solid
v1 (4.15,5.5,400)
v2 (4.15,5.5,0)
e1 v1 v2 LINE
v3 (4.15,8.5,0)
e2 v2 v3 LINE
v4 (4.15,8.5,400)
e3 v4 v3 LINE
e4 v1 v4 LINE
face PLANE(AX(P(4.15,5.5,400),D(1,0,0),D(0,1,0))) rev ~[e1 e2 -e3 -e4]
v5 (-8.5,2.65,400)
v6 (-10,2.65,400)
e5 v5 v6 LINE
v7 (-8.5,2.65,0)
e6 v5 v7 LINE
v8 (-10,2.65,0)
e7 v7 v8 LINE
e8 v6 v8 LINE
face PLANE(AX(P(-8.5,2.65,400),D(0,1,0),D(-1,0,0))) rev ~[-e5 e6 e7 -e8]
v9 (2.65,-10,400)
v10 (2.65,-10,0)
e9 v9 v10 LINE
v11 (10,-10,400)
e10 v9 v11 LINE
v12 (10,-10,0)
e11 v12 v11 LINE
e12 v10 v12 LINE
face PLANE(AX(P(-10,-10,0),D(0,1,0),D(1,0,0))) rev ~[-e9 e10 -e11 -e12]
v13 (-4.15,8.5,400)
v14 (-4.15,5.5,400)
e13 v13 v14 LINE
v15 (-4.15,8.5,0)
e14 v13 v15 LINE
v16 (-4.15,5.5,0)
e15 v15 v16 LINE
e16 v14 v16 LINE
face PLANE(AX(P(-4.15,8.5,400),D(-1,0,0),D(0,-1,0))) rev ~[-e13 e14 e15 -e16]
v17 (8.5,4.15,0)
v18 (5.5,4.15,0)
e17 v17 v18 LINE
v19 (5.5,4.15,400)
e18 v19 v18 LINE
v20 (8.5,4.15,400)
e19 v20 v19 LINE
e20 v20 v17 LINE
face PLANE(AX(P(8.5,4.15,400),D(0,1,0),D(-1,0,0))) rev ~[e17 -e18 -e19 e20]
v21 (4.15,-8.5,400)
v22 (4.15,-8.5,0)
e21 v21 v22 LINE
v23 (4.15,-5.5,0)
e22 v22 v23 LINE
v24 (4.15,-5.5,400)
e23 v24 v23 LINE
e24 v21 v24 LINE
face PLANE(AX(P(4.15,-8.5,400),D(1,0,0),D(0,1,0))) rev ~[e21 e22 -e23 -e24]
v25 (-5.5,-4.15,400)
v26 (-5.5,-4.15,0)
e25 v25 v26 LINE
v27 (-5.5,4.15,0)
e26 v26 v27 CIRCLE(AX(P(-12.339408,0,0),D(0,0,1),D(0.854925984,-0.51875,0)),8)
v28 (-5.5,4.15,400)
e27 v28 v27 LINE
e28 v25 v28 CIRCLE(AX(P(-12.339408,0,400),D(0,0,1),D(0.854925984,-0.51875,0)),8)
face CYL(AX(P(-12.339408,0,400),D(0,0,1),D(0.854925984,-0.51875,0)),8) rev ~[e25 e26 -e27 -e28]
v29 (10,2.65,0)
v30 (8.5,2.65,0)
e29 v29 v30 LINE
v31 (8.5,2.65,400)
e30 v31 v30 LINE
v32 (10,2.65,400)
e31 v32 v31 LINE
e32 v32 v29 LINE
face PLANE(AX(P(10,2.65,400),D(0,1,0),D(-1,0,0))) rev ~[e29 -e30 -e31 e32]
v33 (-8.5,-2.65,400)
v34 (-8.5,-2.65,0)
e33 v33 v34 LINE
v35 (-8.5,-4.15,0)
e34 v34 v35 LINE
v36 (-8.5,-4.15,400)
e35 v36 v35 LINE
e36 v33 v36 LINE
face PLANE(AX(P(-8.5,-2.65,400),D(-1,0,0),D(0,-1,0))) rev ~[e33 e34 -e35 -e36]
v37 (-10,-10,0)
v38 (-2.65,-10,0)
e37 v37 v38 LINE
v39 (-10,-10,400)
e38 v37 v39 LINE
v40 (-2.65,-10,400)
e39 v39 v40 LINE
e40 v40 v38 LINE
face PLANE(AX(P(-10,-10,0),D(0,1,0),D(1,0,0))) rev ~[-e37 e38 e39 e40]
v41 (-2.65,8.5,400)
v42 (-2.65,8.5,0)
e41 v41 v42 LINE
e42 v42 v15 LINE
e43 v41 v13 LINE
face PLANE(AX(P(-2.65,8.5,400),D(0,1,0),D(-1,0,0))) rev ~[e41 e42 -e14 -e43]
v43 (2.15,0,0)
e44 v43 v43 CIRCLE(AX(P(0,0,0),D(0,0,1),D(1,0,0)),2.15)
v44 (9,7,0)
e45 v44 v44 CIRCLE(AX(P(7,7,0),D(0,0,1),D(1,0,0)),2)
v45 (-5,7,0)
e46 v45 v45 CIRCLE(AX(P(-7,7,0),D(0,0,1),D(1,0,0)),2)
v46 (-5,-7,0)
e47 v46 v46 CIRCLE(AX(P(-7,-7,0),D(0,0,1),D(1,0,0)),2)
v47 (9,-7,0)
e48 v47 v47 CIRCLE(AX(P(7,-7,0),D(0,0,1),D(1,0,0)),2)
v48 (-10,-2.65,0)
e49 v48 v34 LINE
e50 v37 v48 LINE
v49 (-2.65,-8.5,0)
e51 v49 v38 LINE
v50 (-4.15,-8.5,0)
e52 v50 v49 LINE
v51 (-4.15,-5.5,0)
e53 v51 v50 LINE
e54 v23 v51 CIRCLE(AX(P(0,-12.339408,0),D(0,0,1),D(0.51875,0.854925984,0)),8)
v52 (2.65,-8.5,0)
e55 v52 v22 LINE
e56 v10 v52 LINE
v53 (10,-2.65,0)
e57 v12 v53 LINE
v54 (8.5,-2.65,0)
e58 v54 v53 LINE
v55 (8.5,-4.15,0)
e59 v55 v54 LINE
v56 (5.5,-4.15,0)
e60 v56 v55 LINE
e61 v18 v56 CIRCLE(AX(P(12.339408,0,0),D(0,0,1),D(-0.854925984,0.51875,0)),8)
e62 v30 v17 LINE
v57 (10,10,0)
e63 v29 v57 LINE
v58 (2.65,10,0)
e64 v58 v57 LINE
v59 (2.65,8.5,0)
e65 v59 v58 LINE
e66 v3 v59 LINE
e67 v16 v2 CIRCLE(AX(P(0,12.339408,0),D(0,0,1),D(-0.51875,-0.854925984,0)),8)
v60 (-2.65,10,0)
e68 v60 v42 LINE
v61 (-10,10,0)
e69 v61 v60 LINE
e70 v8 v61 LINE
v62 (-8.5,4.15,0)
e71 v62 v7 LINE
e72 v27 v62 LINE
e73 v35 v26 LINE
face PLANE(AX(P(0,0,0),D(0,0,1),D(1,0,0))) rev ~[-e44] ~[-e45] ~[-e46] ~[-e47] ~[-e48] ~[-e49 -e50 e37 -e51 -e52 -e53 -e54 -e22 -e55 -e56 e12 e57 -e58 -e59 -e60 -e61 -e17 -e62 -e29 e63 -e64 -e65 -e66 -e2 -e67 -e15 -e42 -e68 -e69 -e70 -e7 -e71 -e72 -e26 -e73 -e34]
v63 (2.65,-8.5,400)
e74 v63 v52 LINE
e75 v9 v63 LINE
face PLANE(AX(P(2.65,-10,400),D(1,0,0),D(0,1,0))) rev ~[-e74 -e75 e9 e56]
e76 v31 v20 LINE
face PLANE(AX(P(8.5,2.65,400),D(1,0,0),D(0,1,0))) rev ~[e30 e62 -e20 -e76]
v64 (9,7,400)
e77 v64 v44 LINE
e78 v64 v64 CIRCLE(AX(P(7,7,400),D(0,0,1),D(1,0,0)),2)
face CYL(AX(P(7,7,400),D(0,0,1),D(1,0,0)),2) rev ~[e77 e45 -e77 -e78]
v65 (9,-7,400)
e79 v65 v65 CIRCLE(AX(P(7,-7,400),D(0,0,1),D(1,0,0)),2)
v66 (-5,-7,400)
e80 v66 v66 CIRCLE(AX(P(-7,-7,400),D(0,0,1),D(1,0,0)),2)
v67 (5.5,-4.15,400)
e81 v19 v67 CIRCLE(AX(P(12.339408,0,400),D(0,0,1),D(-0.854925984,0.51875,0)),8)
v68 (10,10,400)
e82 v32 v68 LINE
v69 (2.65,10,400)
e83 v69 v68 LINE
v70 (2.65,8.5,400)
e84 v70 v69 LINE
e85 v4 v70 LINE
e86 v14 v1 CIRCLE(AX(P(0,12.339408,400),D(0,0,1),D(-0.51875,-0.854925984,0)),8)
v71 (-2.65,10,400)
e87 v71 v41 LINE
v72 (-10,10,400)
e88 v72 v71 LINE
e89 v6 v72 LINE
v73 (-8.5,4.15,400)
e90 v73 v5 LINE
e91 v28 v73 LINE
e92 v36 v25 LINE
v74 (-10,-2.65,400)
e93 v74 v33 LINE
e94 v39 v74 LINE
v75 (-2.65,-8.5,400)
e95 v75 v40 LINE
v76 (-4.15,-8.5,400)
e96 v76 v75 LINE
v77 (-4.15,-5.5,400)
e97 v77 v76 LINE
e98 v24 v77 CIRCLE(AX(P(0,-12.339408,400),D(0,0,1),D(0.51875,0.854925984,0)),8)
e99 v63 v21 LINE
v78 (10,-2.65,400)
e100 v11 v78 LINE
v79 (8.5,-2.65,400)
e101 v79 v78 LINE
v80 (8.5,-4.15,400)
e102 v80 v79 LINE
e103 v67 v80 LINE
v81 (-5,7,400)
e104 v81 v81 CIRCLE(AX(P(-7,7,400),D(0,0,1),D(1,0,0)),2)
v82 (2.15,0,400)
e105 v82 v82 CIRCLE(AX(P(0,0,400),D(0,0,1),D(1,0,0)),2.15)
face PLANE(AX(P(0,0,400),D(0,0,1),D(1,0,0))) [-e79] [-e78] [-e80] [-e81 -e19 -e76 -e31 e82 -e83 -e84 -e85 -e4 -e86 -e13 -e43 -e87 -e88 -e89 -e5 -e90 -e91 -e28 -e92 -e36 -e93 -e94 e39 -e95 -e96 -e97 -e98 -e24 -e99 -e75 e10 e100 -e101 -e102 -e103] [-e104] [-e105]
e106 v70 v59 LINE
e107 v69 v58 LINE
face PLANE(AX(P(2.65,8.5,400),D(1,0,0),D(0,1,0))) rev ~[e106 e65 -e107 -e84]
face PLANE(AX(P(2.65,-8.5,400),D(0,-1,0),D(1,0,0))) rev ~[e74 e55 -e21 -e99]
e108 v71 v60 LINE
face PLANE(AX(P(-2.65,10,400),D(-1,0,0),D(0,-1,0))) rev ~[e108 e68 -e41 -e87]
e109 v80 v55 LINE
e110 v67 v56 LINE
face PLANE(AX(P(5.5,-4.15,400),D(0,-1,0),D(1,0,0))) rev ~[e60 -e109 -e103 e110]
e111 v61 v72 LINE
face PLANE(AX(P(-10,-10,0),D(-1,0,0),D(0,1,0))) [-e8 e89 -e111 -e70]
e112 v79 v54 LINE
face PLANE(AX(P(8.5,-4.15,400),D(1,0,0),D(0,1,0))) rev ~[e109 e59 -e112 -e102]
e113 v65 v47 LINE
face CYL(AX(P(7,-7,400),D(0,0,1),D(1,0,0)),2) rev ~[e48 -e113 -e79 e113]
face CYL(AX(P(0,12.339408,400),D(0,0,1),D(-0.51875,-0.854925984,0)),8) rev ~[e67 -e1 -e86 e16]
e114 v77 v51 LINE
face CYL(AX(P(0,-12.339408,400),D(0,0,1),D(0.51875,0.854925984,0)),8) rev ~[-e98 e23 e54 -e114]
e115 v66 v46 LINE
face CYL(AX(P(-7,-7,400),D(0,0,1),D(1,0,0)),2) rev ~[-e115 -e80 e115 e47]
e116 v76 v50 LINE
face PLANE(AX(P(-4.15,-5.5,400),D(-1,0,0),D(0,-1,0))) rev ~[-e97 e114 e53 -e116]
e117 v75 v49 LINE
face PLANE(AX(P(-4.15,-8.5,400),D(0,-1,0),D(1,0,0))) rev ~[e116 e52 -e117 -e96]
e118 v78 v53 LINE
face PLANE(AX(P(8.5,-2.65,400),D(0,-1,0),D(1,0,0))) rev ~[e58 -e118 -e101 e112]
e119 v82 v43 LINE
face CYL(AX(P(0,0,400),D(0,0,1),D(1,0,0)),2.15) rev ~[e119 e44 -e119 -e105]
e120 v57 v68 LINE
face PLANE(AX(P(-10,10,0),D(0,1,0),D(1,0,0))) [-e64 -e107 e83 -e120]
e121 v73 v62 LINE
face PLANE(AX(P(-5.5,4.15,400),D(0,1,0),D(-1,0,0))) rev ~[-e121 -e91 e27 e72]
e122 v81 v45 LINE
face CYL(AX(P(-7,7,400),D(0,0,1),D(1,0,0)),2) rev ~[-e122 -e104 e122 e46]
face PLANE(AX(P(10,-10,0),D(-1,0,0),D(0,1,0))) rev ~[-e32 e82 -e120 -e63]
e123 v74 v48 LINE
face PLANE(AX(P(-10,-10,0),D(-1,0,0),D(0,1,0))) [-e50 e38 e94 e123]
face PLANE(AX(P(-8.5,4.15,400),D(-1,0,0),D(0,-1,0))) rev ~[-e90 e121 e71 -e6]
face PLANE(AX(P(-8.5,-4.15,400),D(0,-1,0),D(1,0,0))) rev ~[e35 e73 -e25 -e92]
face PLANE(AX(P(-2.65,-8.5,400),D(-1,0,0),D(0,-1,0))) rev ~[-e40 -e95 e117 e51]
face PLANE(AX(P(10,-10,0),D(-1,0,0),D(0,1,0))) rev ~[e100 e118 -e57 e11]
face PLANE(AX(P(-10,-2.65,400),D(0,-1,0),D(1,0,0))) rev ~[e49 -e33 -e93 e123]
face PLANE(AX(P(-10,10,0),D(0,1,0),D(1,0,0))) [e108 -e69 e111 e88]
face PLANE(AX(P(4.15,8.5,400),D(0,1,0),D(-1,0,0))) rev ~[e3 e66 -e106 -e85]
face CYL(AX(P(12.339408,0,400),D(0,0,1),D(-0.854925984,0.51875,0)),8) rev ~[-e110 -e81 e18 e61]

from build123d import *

# Parameters (mm, degrees)
SKETCH_1_W          = 20
SKETCH_1_H          = 20
EXTRUDE_1_DEPTH     = 400
SKETCH_2_R          = 2.15
SKETCH_2_R_2        = 2
CUT_EXTRUDE_1_DEPTH = 401.249921924


with BuildPart() as part:
    # 스케치1 → 보스-돌출1 (new body)
    with BuildSketch(Plane.XY):
        Rectangle(SKETCH_1_W, SKETCH_1_H)
    extrude(amount=EXTRUDE_1_DEPTH)

    # 스케치2 → 컷-돌출1 (cut, through all)
    with BuildSketch(Plane.XY.offset(400)):
        Circle(SKETCH_2_R)
        with Locations((-7, 7)):
            Circle(SKETCH_2_R_2)
        with Locations((7, 7)):
            Circle(SKETCH_2_R_2)
        with Locations((7, -7)):
            Circle(SKETCH_2_R_2)
        with Locations((-7, -7)):
            Circle(SKETCH_2_R_2)
        with BuildLine():
            Line((-2.65, 10), (-2.65, 8.5))
            Line((-2.65, 8.5), (-4.15, 8.5))
            Line((-4.15, 8.5), (-4.15, 5.5))
            ThreePointArc((-4.15, 5.5), (0, 4.339407869), (4.15, 5.5))
            Line((4.15, 5.5), (4.15, 8.5))
            Line((4.15, 8.5), (2.65, 8.5))
            Line((2.65, 8.5), (2.65, 10))
            Line((2.65, 10), (-2.65, 10))
        make_face()
        with BuildLine():
            Line((10, 2.65), (8.5, 2.65))
            Line((8.5, 2.65), (8.5, 4.15))
            Line((8.5, 4.15), (5.5, 4.15))
            ThreePointArc((5.5, 4.15), (4.339407869, 0), (5.5, -4.15))
            Line((5.5, -4.15), (8.5, -4.15))
            Line((8.5, -4.15), (8.5, -2.65))
            Line((8.5, -2.65), (10, -2.65))
            Line((10, -2.65), (10, 2.65))
        make_face()
        with BuildLine():
            Line((2.65, -10), (2.65, -8.5))
            Line((2.65, -8.5), (4.15, -8.5))
            Line((4.15, -8.5), (4.15, -5.5))
            ThreePointArc((4.15, -5.5), (0, -4.339407869), (-4.15, -5.5))
            Line((-4.15, -5.5), (-4.15, -8.5))
            Line((-4.15, -8.5), (-2.65, -8.5))
            Line((-2.65, -8.5), (-2.65, -10))
            Line((-2.65, -10), (2.65, -10))
        make_face()
        with BuildLine():
            Line((-10, -2.65), (-8.5, -2.65))
            Line((-8.5, -2.65), (-8.5, -4.15))
            Line((-8.5, -4.15), (-5.5, -4.15))
            ThreePointArc((-5.5, -4.15), (-4.339407869, 0), (-5.5, 4.15))
            Line((-5.5, 4.15), (-8.5, 4.15))
            Line((-8.5, 4.15), (-8.5, 2.65))
            Line((-8.5, 2.65), (-10, 2.65))
            Line((-10, 2.65), (-10, -2.65))
        make_face()
    extrude(amount=-CUT_EXTRUDE_1_DEPTH, mode=Mode.SUBTRACT)


solid = part.part
